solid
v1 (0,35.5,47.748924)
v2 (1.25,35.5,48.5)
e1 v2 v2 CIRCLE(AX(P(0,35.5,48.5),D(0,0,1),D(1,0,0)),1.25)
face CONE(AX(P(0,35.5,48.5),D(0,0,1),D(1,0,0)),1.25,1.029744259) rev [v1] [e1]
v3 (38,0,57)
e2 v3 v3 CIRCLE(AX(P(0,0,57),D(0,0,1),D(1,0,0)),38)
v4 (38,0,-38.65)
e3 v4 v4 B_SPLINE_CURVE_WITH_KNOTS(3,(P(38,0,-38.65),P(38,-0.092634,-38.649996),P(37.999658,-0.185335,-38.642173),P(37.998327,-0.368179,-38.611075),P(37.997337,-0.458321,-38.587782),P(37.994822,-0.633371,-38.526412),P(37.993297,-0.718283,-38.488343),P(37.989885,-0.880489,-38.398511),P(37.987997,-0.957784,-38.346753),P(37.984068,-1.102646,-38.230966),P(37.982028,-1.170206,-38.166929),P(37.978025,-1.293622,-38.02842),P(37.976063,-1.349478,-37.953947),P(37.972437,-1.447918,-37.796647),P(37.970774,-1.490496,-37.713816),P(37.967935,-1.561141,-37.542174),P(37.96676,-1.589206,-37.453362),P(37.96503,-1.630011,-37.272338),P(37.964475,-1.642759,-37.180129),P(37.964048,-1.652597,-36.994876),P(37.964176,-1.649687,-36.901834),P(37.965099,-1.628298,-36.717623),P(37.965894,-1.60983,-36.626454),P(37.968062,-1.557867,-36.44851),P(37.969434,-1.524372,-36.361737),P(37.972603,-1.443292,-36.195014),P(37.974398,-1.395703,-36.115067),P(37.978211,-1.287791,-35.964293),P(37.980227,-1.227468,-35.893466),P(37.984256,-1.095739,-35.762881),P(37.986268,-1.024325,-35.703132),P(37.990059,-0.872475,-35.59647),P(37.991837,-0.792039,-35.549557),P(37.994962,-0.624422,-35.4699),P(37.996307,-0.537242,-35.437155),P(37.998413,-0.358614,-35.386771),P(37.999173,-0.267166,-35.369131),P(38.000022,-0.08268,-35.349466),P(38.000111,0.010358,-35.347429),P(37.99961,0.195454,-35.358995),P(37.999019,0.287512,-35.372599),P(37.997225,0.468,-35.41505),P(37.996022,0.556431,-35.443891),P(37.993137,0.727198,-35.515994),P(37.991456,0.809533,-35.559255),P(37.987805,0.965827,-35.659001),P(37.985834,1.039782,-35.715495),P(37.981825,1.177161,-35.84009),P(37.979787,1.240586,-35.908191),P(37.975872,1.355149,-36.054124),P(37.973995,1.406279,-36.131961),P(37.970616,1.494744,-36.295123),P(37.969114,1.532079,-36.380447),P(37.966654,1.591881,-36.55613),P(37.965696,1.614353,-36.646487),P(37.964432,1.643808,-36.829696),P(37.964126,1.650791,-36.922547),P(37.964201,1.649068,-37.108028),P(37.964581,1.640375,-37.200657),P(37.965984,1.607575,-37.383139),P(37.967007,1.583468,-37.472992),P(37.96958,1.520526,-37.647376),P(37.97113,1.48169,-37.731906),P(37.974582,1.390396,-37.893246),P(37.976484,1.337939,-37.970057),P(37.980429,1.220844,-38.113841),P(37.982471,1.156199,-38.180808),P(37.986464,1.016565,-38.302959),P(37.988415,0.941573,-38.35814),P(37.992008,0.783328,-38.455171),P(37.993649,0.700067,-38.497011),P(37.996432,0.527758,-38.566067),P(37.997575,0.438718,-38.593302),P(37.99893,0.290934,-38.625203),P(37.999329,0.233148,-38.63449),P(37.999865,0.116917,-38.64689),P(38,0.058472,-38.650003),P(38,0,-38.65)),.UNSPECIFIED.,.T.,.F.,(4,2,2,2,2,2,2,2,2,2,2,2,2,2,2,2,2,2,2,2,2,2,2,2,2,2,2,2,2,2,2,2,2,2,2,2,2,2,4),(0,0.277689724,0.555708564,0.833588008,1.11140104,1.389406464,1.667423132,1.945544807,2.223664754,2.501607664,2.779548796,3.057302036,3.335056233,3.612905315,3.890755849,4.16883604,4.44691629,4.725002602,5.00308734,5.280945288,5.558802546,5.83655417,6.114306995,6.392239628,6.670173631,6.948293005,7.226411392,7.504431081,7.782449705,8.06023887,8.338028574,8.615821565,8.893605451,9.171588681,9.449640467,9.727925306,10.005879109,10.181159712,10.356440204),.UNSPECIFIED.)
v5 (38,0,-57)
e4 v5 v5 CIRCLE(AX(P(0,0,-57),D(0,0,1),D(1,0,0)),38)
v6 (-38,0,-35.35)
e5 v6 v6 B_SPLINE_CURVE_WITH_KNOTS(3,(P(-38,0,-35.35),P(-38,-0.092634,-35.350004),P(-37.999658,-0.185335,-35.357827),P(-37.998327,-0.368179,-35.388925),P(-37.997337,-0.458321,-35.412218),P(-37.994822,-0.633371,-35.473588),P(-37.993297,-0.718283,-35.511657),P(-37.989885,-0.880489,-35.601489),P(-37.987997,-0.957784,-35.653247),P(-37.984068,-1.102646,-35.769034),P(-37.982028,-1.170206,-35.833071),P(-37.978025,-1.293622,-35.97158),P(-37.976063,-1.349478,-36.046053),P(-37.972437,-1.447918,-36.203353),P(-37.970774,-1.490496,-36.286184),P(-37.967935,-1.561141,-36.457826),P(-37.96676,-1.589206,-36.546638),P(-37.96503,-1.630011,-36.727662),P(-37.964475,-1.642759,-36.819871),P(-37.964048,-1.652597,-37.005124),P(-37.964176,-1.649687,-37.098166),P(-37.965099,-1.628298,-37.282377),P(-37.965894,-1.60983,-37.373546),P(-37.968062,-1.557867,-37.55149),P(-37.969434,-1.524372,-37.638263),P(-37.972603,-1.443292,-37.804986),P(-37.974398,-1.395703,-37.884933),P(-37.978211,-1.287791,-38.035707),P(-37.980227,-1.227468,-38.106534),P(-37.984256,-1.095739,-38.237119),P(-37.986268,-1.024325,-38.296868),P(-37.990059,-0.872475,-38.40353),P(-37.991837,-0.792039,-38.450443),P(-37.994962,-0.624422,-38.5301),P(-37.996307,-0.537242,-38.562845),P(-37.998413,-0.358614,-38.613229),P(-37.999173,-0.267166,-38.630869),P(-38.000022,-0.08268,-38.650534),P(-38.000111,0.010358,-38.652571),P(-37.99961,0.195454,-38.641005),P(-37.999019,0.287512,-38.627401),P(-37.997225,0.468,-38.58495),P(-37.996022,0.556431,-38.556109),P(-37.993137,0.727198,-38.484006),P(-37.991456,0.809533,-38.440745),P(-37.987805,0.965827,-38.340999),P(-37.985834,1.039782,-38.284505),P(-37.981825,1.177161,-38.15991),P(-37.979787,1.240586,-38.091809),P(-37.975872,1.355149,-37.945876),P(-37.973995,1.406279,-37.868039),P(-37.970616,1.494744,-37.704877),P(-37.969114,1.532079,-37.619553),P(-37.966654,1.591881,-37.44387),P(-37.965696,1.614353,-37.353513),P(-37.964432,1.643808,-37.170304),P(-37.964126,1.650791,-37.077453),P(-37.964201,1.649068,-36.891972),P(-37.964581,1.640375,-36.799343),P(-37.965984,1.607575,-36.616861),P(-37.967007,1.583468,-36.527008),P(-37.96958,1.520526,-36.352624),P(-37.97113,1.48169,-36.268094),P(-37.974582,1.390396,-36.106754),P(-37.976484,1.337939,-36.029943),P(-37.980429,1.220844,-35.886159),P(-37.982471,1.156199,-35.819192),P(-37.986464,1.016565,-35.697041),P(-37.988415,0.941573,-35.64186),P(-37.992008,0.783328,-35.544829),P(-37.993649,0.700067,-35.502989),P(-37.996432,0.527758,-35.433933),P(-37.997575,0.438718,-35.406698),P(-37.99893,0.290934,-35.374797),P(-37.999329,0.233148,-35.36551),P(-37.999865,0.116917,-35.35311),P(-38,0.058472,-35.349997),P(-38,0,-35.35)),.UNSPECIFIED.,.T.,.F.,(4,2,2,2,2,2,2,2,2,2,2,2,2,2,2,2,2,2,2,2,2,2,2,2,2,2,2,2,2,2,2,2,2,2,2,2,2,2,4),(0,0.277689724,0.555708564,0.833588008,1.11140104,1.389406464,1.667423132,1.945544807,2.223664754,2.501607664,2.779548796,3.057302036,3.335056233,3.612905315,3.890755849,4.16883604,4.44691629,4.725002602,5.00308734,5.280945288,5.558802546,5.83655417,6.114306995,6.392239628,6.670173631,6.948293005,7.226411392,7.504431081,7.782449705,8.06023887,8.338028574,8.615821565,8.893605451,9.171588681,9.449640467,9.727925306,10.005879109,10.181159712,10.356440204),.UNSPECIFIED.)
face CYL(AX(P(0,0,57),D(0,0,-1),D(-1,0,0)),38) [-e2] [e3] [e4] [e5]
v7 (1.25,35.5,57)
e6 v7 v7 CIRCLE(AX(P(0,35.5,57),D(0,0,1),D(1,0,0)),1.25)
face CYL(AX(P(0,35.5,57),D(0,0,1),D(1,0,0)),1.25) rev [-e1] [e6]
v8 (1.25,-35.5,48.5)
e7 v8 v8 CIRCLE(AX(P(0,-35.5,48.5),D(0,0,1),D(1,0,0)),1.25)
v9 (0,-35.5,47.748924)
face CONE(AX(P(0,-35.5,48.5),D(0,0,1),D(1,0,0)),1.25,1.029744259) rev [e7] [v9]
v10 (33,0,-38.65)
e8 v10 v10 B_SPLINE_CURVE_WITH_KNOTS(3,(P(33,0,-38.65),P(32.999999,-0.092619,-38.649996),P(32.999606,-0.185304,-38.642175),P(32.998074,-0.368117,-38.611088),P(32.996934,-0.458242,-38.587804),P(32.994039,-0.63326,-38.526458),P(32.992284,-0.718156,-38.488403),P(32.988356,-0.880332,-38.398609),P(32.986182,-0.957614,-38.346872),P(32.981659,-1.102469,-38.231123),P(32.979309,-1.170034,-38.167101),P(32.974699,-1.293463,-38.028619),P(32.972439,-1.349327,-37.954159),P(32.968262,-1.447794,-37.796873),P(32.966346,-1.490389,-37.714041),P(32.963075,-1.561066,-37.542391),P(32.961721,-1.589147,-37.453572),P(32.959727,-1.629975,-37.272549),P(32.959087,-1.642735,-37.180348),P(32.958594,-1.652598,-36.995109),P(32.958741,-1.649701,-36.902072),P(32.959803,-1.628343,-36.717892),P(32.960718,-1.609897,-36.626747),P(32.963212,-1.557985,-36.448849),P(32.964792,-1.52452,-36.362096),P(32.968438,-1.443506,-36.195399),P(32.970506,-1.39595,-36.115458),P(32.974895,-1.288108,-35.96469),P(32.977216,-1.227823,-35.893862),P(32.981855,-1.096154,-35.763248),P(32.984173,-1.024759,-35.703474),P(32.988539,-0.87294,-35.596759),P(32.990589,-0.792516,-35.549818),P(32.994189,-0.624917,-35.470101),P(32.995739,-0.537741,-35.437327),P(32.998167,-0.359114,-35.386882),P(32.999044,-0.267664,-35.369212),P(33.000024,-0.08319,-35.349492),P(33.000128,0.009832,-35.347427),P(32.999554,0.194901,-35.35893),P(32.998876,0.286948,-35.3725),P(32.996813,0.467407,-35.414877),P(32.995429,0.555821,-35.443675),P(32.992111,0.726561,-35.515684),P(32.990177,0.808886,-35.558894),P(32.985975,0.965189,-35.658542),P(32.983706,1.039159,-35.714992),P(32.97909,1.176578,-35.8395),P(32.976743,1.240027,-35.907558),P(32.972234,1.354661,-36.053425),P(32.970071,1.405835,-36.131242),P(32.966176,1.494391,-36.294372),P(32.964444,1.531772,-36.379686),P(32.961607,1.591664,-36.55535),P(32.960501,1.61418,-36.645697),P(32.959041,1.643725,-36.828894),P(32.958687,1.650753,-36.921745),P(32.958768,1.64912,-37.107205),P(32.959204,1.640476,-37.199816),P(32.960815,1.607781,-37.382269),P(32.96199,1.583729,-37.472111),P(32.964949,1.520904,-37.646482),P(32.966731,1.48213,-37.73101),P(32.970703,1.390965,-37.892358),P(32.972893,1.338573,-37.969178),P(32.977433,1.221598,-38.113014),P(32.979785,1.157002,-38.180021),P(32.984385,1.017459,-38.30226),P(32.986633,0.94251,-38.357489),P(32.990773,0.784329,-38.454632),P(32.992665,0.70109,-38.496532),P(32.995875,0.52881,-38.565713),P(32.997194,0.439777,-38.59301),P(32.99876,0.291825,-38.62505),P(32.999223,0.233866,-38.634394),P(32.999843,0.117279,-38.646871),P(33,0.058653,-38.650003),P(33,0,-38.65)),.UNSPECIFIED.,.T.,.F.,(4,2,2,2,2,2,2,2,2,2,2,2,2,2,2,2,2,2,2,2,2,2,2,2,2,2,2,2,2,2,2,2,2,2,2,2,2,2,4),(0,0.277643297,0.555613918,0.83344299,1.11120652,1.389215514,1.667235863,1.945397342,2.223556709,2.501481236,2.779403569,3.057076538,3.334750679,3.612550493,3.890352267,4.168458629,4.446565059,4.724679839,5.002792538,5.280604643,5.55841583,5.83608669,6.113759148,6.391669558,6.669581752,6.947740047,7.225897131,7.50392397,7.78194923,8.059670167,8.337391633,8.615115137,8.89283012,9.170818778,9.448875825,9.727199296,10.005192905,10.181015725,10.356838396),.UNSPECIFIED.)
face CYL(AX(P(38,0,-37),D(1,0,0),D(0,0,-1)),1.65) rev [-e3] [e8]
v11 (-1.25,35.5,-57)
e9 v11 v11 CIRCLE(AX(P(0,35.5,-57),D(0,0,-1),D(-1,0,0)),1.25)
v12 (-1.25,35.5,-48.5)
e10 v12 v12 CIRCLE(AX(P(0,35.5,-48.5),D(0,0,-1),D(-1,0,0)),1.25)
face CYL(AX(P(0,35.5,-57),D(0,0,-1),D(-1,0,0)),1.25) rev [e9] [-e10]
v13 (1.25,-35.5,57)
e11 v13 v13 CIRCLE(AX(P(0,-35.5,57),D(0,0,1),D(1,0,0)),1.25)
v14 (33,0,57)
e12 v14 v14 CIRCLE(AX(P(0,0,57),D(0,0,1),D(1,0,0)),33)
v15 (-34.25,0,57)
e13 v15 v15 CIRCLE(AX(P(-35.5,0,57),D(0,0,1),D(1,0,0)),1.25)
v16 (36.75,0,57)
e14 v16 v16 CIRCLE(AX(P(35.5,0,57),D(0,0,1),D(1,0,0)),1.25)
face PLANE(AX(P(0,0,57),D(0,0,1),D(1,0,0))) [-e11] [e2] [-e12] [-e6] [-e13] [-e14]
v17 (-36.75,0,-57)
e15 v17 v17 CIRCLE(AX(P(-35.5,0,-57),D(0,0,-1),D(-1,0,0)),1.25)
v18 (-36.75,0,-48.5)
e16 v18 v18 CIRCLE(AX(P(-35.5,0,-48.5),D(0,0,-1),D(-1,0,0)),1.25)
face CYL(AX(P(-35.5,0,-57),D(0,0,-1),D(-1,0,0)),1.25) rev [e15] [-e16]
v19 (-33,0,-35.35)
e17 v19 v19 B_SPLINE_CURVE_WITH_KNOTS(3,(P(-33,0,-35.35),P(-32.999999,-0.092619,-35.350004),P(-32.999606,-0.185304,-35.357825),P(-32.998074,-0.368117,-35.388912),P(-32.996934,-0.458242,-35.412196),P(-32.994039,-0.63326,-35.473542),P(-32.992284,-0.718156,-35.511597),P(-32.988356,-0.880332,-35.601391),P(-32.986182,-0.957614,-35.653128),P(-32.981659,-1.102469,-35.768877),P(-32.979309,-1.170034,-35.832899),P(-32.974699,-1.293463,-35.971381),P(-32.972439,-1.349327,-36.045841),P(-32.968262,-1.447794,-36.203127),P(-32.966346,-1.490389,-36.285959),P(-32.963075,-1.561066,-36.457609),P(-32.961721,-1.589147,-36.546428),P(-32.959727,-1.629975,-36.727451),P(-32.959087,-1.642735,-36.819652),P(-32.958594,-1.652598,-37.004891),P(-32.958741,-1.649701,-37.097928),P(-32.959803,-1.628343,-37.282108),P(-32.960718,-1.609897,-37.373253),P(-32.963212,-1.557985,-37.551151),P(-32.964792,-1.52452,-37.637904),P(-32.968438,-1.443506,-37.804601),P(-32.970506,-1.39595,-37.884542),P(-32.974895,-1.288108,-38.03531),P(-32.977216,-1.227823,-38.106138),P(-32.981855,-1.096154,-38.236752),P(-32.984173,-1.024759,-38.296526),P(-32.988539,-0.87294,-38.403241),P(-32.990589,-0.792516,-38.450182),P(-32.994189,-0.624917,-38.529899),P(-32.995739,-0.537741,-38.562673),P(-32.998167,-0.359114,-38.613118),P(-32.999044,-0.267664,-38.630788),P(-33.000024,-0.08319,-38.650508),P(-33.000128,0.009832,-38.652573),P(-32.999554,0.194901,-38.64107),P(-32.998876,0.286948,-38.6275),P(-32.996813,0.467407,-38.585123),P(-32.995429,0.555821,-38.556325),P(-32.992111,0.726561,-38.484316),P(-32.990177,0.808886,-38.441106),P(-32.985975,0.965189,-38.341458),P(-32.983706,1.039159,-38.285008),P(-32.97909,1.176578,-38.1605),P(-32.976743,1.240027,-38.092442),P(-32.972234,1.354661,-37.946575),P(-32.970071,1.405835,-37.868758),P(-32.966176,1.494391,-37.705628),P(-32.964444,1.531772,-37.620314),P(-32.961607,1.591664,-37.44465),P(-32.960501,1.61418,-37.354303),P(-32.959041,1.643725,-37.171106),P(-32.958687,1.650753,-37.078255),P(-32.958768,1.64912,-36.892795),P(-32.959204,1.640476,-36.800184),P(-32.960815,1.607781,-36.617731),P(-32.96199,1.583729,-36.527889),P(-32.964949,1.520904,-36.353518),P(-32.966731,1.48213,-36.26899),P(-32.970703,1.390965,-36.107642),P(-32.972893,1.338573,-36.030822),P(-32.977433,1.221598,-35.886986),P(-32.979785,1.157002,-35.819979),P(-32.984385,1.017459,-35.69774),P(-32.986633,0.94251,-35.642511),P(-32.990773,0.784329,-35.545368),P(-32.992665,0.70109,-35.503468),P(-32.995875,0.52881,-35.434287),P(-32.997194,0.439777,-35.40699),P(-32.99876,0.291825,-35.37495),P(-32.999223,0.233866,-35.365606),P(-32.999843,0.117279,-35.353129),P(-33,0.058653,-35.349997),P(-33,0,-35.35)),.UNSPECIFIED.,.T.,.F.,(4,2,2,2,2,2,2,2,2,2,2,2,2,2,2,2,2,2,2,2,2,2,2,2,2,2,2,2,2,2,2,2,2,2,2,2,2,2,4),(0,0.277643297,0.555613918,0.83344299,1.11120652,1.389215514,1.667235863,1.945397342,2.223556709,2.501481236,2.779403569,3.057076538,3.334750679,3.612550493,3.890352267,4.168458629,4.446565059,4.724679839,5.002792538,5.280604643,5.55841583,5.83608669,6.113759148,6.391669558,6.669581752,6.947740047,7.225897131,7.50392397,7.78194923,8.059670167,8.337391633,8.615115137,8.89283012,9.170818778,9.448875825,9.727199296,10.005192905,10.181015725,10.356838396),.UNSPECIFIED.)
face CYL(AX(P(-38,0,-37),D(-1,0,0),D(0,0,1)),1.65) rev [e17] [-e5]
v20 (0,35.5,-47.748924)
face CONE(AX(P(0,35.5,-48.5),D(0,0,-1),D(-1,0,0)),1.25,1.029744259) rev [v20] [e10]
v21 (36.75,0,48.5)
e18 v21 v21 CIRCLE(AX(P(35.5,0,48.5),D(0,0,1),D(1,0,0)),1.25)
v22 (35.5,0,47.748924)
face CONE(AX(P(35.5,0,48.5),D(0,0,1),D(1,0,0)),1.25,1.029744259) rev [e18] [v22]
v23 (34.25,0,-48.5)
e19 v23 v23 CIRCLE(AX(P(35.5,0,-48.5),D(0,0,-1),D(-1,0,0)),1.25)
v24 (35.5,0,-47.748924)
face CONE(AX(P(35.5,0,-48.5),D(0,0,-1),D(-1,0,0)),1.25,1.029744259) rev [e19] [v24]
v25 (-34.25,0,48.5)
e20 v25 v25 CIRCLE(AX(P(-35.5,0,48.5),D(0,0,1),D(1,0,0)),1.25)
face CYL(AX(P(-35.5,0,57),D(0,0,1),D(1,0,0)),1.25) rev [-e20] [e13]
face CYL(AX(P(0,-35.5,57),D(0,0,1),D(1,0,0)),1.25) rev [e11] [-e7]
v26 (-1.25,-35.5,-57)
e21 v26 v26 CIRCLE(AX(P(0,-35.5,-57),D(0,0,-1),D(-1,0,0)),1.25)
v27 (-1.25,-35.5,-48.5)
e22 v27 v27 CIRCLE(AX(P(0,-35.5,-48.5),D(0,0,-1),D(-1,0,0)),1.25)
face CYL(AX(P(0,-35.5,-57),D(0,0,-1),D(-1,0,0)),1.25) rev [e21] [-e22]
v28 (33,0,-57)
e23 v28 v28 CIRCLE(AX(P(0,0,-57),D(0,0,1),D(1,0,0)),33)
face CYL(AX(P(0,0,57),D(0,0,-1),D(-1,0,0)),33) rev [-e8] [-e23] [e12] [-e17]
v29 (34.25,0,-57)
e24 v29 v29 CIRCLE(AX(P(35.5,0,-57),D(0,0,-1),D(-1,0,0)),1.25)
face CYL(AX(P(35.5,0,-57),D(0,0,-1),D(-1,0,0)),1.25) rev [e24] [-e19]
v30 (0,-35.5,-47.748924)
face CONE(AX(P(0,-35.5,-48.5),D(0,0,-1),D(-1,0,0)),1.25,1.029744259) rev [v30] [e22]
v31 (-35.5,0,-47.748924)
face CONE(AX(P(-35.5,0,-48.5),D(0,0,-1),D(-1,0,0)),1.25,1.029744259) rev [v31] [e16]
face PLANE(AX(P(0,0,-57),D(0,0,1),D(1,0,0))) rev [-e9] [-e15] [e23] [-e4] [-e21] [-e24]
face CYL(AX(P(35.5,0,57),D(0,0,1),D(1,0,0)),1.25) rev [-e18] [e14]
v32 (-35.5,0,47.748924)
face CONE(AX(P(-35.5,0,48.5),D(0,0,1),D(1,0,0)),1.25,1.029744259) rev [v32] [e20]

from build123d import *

# Parameters (mm, degrees)
SKETCH_1_R                   = 38
SKETCH_1_R_2                 = 33
EXTRUDE_1_DEPTH              = 57
HOLE_WIZARD_M3_1_D           = 2.5
HOLE_WIZARD_M3_1_DEPTH       = 8.5
HOLE_WIZARD_M3_1_TIP         = 0.751075774
HOLE_WIZARD_M3_3_D           = 2.5
HOLE_WIZARD_M3_3_DEPTH       = 8.5
HOLE_WIZARD_M3_3_TIP         = 0.751075774
HOLE_WIZARD_M4_1_D           = 3.3
HOLE_WIZARD_M4_1_ON_FACE_2_D = 3.3


with BuildPart() as part:
    # 草图1 → 凸台-拉伸1 (new, symmetric)
    with BuildSketch(Plane.XY):
        with Locations(Location((0, 0, 0), (0, 0, 180))):
            Circle(SKETCH_1_R)
        with Locations(Location((0, 0, 0), (0, 0, 180))):
            Circle(SKETCH_1_R_2, mode=Mode.SUBTRACT)
    extrude(amount=EXTRUDE_1_DEPTH, both=True)

    # M3 螺纹孔1
    with Locations(Plane.XY.offset(57)):
        with Locations((0, 35.5), (35.5, 0), (0, -35.5), (-35.5, 0)):
            Hole(HOLE_WIZARD_M3_1_D / 2, depth=HOLE_WIZARD_M3_1_DEPTH)
            with Locations((0, 0, -(HOLE_WIZARD_M3_1_DEPTH + HOLE_WIZARD_M3_1_TIP / 2))):  # 118° drill point
                Cone(0, HOLE_WIZARD_M3_1_D / 2, HOLE_WIZARD_M3_1_TIP, mode=Mode.SUBTRACT)

    # M3 螺纹孔3
    with Locations(Plane(origin=(13.806274772, 28.987165745, -57), x_dir=(-1, 0, 0), z_dir=(0, 0, -1))):
        with Locations((49.306274772, -28.987165745), (13.806274772, -64.487165745), (-21.693725228, -28.987165745), (13.806274772, 6.512834255)):
            Hole(HOLE_WIZARD_M3_3_D / 2, depth=HOLE_WIZARD_M3_3_DEPTH)
            with Locations((0, 0, -(HOLE_WIZARD_M3_3_DEPTH + HOLE_WIZARD_M3_3_TIP / 2))):  # 118° drill point
                Cone(0, HOLE_WIZARD_M3_3_D / 2, HOLE_WIZARD_M3_3_TIP, mode=Mode.SUBTRACT)

    # M4 螺纹孔1 (through all)
    with Locations(Plane(origin=(38, 0, -37), x_dir=(0, 1, 0), z_dir=(1, 0, 0))):
        with Locations((0, 0)):
            Hole(HOLE_WIZARD_M4_1_D / 2)

    # M4 螺纹孔1 on face 2 (through all)
    with Locations(Plane(origin=(-38, 0, -37), x_dir=(0, 0, -1), z_dir=(-1, 0, 0))):
        with Locations((0, 0)):
            Hole(HOLE_WIZARD_M4_1_ON_FACE_2_D / 2)


solid = part.part
